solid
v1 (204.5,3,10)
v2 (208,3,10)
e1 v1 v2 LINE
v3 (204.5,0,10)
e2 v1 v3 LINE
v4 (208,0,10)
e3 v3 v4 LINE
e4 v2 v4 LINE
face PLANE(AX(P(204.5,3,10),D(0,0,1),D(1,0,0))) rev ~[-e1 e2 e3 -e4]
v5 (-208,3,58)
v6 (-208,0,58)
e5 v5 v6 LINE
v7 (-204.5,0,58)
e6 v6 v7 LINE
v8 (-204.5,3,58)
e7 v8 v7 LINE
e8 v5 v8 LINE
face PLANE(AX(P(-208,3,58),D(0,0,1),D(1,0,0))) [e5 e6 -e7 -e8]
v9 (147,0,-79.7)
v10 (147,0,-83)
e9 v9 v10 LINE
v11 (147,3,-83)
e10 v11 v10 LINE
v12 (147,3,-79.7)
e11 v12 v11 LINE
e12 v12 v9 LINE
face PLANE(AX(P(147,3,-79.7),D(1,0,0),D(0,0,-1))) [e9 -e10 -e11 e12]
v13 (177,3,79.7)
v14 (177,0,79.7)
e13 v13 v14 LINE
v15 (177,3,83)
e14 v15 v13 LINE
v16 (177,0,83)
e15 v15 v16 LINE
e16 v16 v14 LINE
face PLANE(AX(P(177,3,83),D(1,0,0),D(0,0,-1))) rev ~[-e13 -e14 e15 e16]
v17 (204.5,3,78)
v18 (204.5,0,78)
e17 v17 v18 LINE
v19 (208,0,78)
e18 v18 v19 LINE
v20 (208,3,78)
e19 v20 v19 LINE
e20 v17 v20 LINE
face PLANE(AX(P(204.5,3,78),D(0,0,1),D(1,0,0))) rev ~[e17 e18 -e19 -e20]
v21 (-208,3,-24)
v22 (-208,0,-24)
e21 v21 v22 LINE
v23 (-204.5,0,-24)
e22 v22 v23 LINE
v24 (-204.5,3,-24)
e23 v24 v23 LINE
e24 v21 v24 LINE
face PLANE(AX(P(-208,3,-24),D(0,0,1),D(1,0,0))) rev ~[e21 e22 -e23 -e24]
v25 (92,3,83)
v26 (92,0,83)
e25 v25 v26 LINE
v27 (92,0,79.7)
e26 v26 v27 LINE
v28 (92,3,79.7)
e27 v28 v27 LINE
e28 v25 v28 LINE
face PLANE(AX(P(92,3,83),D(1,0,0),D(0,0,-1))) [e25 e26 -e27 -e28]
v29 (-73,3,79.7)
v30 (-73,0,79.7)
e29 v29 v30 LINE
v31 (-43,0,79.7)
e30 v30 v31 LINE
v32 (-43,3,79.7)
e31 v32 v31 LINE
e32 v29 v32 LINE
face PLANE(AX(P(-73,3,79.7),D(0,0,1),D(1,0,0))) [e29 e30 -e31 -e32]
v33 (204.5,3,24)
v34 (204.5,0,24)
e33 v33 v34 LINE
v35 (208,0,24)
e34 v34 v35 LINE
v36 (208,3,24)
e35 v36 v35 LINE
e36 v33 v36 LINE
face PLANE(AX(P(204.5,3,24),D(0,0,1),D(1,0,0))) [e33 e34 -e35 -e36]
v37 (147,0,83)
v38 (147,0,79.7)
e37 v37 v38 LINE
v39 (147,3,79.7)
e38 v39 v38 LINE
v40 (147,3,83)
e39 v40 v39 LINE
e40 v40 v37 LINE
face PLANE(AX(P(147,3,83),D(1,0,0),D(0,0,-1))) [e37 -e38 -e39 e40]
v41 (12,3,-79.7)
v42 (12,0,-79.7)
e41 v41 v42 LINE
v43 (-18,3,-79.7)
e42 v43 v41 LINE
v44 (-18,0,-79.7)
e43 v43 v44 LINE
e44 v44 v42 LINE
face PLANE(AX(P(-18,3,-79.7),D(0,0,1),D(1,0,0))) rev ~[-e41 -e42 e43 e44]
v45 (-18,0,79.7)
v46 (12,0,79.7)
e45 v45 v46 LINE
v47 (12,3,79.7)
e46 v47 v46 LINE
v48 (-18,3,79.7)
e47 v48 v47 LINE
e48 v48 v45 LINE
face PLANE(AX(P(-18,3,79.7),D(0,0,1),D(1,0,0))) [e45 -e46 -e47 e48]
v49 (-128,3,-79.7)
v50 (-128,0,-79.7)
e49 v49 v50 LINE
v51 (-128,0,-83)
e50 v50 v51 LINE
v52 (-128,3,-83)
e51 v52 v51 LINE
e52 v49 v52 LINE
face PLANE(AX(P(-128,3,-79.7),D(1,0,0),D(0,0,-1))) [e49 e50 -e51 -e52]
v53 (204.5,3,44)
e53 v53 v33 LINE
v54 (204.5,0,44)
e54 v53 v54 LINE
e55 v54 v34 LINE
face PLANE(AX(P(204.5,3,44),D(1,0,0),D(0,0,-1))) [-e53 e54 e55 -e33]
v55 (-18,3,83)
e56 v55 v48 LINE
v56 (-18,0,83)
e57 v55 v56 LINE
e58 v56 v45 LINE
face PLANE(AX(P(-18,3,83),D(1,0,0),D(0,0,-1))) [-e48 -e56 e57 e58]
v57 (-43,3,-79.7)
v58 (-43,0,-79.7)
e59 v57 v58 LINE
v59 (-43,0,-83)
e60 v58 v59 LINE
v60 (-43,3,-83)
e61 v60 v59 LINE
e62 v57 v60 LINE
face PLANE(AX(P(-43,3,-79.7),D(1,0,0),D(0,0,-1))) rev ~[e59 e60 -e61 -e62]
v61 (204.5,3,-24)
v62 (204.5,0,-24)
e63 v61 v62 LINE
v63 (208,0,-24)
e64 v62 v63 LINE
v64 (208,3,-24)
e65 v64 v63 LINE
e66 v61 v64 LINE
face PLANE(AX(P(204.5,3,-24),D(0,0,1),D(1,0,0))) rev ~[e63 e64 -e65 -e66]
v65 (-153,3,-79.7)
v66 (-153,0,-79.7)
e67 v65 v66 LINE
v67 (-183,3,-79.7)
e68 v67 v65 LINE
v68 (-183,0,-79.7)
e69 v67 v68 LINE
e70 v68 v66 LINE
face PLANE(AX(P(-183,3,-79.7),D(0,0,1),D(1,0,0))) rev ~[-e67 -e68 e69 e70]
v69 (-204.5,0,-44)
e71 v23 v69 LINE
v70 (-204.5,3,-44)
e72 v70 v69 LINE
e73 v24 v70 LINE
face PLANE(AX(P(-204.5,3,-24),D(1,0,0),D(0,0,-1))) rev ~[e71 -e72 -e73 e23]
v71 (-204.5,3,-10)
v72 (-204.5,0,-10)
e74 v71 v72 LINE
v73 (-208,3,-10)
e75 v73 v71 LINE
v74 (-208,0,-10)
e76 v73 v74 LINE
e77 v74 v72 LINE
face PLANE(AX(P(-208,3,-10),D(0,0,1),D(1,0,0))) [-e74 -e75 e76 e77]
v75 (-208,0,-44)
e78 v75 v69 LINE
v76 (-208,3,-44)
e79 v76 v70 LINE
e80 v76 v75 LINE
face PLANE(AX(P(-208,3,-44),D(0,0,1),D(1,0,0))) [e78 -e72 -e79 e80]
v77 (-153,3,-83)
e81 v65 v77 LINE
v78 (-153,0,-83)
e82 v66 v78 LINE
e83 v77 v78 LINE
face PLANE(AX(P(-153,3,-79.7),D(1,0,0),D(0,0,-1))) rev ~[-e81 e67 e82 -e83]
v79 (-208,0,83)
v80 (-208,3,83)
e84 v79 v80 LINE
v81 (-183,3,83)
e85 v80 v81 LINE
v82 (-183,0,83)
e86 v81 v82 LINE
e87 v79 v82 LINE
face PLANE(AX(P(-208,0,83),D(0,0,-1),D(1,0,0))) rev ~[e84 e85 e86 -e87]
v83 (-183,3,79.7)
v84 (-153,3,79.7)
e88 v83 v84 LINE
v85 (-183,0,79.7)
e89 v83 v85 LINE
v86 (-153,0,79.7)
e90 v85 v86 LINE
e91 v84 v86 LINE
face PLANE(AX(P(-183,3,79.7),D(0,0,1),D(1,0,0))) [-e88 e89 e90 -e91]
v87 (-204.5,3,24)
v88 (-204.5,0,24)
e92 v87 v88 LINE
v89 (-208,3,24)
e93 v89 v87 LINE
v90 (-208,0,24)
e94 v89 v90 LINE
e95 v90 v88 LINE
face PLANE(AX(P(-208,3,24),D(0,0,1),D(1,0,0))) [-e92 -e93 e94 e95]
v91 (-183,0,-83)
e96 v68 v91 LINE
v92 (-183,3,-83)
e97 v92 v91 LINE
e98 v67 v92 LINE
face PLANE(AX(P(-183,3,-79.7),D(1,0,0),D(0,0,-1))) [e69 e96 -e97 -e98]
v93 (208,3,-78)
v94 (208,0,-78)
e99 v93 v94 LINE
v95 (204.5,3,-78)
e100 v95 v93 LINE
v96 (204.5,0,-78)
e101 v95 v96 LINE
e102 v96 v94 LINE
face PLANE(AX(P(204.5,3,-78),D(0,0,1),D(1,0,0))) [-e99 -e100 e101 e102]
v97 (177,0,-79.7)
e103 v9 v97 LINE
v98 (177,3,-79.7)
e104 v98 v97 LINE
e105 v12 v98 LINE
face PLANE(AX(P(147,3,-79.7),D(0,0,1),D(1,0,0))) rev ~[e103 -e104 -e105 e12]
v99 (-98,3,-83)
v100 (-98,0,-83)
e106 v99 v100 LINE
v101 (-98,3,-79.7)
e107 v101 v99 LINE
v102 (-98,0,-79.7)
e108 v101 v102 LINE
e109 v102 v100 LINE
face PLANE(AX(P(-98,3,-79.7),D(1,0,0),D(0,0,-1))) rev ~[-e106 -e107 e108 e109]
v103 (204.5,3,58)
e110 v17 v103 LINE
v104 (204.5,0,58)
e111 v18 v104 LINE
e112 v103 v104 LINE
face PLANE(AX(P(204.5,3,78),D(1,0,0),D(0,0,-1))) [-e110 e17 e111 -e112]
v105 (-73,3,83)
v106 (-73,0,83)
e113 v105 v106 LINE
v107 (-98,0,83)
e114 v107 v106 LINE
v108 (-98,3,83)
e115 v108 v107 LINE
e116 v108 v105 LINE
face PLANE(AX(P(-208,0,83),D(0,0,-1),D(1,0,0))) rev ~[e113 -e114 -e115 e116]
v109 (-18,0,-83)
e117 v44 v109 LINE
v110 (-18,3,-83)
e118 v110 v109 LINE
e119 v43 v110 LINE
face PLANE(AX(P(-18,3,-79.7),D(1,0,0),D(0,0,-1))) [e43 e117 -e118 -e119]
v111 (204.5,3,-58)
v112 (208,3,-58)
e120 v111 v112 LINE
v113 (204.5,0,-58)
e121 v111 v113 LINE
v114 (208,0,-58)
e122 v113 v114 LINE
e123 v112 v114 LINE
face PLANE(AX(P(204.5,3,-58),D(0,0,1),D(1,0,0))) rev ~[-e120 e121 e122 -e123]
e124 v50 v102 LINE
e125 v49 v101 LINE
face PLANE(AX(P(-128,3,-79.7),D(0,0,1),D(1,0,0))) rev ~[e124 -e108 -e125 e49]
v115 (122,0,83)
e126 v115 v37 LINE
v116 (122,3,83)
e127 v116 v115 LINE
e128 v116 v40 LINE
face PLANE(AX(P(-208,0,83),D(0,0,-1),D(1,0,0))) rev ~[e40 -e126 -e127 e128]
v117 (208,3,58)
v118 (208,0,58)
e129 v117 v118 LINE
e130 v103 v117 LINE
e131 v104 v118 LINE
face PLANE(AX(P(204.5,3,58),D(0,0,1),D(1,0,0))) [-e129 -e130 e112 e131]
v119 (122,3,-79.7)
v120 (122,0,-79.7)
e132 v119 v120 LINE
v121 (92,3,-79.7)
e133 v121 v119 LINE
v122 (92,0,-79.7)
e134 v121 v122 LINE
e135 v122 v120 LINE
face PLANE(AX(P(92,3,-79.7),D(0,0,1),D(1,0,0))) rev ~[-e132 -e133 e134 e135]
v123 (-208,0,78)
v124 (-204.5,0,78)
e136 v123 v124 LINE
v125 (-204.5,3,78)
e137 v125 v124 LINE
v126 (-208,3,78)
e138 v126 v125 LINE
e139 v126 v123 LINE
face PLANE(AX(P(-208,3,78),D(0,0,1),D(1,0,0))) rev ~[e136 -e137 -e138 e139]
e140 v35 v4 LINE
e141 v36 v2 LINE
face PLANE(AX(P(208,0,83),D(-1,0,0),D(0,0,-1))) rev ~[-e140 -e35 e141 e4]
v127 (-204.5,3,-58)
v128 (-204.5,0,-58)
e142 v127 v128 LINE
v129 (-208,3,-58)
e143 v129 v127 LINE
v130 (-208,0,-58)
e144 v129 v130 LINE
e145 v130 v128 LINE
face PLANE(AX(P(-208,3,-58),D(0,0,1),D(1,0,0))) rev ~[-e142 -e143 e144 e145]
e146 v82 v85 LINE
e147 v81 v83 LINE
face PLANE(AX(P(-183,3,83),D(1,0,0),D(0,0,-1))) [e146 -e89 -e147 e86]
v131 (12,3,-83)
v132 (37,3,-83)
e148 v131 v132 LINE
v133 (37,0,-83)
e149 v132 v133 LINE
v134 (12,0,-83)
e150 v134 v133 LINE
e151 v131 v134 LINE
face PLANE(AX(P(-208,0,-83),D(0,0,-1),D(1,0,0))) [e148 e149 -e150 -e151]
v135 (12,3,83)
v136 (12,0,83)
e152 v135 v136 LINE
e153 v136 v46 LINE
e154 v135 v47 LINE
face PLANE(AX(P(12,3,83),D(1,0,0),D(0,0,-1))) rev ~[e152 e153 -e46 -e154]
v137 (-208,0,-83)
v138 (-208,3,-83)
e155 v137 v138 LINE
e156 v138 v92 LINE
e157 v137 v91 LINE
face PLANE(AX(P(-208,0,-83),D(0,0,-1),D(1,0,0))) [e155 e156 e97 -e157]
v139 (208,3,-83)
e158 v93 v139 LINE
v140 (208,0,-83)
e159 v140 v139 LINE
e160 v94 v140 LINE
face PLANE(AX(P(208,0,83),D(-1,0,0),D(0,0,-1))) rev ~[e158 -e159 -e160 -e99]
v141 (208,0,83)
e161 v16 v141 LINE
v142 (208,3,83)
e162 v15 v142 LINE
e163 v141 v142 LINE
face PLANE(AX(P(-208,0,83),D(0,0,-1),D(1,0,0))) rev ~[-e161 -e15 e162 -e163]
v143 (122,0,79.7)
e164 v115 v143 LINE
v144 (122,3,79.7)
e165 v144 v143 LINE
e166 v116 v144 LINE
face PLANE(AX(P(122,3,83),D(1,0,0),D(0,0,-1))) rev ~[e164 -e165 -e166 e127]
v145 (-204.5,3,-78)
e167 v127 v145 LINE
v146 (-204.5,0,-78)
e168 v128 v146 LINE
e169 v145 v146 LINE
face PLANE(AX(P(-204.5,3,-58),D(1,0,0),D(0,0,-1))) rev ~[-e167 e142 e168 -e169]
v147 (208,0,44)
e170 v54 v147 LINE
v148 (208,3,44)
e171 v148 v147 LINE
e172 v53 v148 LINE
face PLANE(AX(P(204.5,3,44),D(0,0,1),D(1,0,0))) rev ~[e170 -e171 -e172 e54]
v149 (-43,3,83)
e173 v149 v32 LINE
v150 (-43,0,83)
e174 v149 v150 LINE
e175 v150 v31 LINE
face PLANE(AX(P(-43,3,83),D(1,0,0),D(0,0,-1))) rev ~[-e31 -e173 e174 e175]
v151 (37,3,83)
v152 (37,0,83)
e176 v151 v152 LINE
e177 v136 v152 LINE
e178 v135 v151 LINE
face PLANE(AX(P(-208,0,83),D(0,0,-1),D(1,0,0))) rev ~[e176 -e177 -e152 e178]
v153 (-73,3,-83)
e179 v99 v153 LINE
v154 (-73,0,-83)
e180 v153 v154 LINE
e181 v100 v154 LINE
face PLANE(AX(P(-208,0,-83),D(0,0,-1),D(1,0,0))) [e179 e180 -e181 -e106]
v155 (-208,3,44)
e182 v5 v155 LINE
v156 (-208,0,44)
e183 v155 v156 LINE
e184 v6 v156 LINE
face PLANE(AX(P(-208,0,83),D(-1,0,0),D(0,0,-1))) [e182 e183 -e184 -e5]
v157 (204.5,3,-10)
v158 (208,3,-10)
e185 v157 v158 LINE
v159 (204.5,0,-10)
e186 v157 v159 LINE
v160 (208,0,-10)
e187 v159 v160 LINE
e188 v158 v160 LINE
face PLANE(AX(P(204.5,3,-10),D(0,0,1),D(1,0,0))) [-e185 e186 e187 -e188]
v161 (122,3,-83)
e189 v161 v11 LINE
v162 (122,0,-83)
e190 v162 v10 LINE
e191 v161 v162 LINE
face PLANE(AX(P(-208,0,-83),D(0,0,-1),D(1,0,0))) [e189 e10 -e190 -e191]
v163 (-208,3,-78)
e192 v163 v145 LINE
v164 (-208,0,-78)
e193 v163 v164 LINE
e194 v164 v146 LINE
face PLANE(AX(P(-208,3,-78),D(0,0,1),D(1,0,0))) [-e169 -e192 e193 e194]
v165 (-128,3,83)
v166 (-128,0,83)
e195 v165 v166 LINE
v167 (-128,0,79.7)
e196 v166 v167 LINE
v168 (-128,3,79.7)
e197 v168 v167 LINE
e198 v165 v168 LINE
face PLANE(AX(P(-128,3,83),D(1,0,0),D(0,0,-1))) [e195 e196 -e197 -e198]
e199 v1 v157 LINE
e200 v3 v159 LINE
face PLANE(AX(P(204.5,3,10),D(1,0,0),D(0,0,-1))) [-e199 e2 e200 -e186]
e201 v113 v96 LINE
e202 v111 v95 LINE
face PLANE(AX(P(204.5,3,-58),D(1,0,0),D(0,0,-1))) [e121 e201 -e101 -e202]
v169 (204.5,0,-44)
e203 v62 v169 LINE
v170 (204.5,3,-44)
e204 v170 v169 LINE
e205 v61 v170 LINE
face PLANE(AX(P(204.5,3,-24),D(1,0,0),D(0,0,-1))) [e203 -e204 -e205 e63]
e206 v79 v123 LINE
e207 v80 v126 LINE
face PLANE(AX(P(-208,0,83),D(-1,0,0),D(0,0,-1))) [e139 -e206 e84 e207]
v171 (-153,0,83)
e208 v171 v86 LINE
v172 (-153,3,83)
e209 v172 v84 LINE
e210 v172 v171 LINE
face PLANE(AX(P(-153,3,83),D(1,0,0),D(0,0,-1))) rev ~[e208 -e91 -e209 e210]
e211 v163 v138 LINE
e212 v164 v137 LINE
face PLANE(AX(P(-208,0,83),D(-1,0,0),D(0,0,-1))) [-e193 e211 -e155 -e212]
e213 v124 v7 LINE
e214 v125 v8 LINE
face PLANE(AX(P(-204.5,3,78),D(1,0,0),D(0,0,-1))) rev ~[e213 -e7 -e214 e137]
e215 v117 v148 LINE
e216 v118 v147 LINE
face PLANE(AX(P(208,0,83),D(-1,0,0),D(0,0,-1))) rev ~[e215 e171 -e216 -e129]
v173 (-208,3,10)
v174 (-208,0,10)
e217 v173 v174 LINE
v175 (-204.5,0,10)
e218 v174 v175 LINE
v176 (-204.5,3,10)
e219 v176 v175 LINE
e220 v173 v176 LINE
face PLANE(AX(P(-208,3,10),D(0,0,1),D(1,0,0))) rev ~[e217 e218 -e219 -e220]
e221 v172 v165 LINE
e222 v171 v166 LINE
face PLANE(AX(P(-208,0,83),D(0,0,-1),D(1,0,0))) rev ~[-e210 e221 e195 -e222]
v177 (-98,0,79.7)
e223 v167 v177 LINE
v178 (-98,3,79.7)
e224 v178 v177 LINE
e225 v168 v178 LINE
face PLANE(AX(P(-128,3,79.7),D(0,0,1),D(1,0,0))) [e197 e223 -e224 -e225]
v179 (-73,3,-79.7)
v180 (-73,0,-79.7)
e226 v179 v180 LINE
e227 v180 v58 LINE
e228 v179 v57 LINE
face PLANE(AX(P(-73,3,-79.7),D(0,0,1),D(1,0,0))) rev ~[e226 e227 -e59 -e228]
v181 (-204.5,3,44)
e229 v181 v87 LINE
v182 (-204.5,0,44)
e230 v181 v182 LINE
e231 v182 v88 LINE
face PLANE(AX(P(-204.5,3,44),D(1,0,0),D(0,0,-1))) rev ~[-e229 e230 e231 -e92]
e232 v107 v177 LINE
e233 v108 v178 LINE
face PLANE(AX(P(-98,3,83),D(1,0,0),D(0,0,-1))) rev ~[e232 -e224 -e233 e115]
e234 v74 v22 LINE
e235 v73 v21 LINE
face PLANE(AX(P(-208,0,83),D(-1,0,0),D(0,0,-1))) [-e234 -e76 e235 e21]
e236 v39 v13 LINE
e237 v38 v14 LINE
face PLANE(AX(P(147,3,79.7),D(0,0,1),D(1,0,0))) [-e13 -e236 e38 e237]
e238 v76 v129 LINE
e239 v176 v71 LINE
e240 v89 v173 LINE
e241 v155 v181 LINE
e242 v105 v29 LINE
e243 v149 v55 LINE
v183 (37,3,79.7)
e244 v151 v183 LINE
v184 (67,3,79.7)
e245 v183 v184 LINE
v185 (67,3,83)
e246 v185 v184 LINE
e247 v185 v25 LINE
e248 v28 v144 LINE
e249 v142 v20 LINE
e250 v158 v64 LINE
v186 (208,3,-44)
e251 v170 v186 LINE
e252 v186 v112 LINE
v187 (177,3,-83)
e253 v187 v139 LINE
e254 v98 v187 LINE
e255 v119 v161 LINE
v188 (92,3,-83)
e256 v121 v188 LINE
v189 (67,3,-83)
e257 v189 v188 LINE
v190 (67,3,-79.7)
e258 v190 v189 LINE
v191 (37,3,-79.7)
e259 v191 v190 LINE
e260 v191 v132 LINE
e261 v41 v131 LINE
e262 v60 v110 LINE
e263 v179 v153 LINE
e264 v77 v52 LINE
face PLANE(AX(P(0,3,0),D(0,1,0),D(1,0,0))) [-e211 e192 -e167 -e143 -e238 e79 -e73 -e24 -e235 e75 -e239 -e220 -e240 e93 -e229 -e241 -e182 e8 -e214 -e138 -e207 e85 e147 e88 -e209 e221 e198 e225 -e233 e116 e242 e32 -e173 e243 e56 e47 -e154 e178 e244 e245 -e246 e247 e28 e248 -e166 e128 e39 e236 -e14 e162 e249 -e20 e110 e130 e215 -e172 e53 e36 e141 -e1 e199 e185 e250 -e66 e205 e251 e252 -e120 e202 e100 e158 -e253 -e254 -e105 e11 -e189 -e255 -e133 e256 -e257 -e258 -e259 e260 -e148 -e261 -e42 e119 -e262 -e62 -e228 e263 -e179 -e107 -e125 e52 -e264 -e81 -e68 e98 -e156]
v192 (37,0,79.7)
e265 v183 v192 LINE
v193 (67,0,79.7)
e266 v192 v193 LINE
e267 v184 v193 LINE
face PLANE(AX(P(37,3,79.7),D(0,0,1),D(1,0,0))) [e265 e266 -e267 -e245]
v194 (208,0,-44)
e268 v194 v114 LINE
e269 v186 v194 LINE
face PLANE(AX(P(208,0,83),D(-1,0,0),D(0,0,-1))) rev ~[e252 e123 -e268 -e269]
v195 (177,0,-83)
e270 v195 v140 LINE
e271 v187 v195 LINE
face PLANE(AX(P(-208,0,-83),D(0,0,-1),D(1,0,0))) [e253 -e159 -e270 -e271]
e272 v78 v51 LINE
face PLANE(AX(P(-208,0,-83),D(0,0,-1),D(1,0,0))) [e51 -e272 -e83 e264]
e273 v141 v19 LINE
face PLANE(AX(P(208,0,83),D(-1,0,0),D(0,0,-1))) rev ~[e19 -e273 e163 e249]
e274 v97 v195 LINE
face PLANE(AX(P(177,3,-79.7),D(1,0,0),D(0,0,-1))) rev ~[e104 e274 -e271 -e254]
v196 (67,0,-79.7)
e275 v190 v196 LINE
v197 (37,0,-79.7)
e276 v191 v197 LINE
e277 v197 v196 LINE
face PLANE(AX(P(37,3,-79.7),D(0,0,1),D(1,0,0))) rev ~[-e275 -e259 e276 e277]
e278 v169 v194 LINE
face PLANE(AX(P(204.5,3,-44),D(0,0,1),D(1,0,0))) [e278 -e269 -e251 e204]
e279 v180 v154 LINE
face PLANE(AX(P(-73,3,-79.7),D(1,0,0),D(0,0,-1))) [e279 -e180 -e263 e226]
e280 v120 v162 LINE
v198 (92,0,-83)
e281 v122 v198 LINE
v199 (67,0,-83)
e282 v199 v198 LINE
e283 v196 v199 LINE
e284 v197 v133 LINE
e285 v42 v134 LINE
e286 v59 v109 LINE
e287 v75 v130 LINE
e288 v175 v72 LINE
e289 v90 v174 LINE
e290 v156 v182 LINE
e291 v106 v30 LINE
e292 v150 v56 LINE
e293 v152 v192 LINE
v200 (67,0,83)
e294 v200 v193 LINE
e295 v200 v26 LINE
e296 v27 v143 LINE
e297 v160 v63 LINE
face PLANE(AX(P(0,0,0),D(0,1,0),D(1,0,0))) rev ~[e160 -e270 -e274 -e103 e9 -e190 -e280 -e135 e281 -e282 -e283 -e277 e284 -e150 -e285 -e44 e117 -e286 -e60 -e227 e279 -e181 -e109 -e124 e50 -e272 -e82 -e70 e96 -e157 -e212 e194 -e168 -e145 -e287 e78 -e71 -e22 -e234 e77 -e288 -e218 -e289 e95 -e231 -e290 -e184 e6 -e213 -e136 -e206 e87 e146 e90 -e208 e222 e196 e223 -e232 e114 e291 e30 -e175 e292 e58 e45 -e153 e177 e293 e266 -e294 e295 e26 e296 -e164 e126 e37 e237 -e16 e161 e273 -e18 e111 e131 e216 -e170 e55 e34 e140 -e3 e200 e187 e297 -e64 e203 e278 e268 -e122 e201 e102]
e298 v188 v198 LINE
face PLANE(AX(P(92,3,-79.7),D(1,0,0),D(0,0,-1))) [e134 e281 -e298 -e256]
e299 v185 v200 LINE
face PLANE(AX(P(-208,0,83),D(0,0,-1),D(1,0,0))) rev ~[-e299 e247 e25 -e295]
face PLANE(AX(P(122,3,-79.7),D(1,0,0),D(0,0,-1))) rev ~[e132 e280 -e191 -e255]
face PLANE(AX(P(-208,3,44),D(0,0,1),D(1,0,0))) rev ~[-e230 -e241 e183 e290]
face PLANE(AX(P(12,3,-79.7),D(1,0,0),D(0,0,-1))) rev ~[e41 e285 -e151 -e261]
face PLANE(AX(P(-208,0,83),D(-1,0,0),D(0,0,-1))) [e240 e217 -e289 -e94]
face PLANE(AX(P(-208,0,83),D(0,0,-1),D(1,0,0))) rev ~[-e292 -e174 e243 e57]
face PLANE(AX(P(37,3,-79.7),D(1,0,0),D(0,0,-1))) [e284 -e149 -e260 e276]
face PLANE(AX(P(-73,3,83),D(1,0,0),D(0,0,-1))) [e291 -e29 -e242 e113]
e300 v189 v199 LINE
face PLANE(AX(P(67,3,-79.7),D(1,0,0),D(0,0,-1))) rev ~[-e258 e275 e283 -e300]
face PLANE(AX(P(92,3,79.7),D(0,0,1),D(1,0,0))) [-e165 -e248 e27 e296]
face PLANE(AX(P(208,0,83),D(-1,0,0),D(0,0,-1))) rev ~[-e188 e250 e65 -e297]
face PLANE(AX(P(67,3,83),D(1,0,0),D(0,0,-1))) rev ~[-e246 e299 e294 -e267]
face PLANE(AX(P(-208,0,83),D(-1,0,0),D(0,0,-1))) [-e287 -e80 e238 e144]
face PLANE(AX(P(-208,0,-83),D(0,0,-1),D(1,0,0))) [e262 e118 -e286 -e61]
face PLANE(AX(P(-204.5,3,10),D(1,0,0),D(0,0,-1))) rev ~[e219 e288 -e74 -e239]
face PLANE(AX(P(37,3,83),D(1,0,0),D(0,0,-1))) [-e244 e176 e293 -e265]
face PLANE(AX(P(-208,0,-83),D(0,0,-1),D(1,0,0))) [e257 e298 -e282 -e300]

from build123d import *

# Parameters (mm, degrees)
SKETCH1_W           = 416
SKETCH1_H           = 166
BOSS_EXTRUDE1_DEPTH = 3
SKETCH2_W           = 30
SKETCH2_H           = 3.3
SKETCH2_W_2         = 3.5
SKETCH2_H_2         = 20
CUT_EXTRUDE1_DEPTH  = 3


with BuildPart() as part:
    # Sketch1 → Boss-Extrude1 (new body)
    with BuildSketch(Plane(origin=(0, 0, 0), x_dir=(1, 0, 0), z_dir=(0, 1, 0))):
        Rectangle(SKETCH1_W, SKETCH1_H)
    extrude(amount=BOSS_EXTRUDE1_DEPTH)

    # Sketch2 → Cut-Extrude1 (cut)
    with BuildSketch(Plane(origin=(0, 3, 0), x_dir=(1, 0, 0), z_dir=(0, 1, 0))):
        with Locations((-168, 81.35)):
            Rectangle(SKETCH2_W, SKETCH2_H)
        with Locations((-113, 81.35)):
            Rectangle(SKETCH2_W, SKETCH2_H)
        with Locations((-58, 81.35)):
            Rectangle(SKETCH2_W, SKETCH2_H)
        with Locations((-3, 81.35)):
            Rectangle(SKETCH2_W, SKETCH2_H)
        with Locations((52, 81.35)):
            Rectangle(SKETCH2_W, SKETCH2_H)
        with Locations((107, 81.35)):
            Rectangle(SKETCH2_W, SKETCH2_H)
        with Locations((162, 81.35)):
            Rectangle(SKETCH2_W, SKETCH2_H)
        with Locations((162, -81.35)):
            Rectangle(SKETCH2_W, SKETCH2_H)
        with Locations((107, -81.35)):
            Rectangle(SKETCH2_W, SKETCH2_H)
        with Locations((52, -81.35)):
            Rectangle(SKETCH2_W, SKETCH2_H)
        with Locations((-3, -81.35)):
            Rectangle(SKETCH2_W, SKETCH2_H)
        with Locations((-58, -81.35)):
            Rectangle(SKETCH2_W, SKETCH2_H)
        with Locations((-113, -81.35)):
            Rectangle(SKETCH2_W, SKETCH2_H)
        with Locations((-168, -81.35)):
            Rectangle(SKETCH2_W, SKETCH2_H)
        with Locations((-206.25, -34)):
            Rectangle(SKETCH2_W_2, SKETCH2_H_2)
        with Locations((-206.25, 0)):
            Rectangle(SKETCH2_W_2, SKETCH2_H_2)
        with Locations((-206.25, -68)):
            Rectangle(SKETCH2_W_2, SKETCH2_H_2)
        with Locations((-206.25, 34)):
            Rectangle(SKETCH2_W_2, SKETCH2_H_2)
        with Locations((-206.25, 68)):
            Rectangle(SKETCH2_W_2, SKETCH2_H_2)
        with Locations((206.25, -68)):
            Rectangle(SKETCH2_W_2, SKETCH2_H_2)
        with Locations((206.25, -34)):
            Rectangle(SKETCH2_W_2, SKETCH2_H_2)
        with Locations((206.25, 0)):
            Rectangle(SKETCH2_W_2, SKETCH2_H_2)
        with Locations((206.25, 34)):
            Rectangle(SKETCH2_W_2, SKETCH2_H_2)
        with Locations((206.25, 68)):
            Rectangle(SKETCH2_W_2, SKETCH2_H_2)
    extrude(amount=-CUT_EXTRUDE1_DEPTH, mode=Mode.SUBTRACT)


solid = part.part
